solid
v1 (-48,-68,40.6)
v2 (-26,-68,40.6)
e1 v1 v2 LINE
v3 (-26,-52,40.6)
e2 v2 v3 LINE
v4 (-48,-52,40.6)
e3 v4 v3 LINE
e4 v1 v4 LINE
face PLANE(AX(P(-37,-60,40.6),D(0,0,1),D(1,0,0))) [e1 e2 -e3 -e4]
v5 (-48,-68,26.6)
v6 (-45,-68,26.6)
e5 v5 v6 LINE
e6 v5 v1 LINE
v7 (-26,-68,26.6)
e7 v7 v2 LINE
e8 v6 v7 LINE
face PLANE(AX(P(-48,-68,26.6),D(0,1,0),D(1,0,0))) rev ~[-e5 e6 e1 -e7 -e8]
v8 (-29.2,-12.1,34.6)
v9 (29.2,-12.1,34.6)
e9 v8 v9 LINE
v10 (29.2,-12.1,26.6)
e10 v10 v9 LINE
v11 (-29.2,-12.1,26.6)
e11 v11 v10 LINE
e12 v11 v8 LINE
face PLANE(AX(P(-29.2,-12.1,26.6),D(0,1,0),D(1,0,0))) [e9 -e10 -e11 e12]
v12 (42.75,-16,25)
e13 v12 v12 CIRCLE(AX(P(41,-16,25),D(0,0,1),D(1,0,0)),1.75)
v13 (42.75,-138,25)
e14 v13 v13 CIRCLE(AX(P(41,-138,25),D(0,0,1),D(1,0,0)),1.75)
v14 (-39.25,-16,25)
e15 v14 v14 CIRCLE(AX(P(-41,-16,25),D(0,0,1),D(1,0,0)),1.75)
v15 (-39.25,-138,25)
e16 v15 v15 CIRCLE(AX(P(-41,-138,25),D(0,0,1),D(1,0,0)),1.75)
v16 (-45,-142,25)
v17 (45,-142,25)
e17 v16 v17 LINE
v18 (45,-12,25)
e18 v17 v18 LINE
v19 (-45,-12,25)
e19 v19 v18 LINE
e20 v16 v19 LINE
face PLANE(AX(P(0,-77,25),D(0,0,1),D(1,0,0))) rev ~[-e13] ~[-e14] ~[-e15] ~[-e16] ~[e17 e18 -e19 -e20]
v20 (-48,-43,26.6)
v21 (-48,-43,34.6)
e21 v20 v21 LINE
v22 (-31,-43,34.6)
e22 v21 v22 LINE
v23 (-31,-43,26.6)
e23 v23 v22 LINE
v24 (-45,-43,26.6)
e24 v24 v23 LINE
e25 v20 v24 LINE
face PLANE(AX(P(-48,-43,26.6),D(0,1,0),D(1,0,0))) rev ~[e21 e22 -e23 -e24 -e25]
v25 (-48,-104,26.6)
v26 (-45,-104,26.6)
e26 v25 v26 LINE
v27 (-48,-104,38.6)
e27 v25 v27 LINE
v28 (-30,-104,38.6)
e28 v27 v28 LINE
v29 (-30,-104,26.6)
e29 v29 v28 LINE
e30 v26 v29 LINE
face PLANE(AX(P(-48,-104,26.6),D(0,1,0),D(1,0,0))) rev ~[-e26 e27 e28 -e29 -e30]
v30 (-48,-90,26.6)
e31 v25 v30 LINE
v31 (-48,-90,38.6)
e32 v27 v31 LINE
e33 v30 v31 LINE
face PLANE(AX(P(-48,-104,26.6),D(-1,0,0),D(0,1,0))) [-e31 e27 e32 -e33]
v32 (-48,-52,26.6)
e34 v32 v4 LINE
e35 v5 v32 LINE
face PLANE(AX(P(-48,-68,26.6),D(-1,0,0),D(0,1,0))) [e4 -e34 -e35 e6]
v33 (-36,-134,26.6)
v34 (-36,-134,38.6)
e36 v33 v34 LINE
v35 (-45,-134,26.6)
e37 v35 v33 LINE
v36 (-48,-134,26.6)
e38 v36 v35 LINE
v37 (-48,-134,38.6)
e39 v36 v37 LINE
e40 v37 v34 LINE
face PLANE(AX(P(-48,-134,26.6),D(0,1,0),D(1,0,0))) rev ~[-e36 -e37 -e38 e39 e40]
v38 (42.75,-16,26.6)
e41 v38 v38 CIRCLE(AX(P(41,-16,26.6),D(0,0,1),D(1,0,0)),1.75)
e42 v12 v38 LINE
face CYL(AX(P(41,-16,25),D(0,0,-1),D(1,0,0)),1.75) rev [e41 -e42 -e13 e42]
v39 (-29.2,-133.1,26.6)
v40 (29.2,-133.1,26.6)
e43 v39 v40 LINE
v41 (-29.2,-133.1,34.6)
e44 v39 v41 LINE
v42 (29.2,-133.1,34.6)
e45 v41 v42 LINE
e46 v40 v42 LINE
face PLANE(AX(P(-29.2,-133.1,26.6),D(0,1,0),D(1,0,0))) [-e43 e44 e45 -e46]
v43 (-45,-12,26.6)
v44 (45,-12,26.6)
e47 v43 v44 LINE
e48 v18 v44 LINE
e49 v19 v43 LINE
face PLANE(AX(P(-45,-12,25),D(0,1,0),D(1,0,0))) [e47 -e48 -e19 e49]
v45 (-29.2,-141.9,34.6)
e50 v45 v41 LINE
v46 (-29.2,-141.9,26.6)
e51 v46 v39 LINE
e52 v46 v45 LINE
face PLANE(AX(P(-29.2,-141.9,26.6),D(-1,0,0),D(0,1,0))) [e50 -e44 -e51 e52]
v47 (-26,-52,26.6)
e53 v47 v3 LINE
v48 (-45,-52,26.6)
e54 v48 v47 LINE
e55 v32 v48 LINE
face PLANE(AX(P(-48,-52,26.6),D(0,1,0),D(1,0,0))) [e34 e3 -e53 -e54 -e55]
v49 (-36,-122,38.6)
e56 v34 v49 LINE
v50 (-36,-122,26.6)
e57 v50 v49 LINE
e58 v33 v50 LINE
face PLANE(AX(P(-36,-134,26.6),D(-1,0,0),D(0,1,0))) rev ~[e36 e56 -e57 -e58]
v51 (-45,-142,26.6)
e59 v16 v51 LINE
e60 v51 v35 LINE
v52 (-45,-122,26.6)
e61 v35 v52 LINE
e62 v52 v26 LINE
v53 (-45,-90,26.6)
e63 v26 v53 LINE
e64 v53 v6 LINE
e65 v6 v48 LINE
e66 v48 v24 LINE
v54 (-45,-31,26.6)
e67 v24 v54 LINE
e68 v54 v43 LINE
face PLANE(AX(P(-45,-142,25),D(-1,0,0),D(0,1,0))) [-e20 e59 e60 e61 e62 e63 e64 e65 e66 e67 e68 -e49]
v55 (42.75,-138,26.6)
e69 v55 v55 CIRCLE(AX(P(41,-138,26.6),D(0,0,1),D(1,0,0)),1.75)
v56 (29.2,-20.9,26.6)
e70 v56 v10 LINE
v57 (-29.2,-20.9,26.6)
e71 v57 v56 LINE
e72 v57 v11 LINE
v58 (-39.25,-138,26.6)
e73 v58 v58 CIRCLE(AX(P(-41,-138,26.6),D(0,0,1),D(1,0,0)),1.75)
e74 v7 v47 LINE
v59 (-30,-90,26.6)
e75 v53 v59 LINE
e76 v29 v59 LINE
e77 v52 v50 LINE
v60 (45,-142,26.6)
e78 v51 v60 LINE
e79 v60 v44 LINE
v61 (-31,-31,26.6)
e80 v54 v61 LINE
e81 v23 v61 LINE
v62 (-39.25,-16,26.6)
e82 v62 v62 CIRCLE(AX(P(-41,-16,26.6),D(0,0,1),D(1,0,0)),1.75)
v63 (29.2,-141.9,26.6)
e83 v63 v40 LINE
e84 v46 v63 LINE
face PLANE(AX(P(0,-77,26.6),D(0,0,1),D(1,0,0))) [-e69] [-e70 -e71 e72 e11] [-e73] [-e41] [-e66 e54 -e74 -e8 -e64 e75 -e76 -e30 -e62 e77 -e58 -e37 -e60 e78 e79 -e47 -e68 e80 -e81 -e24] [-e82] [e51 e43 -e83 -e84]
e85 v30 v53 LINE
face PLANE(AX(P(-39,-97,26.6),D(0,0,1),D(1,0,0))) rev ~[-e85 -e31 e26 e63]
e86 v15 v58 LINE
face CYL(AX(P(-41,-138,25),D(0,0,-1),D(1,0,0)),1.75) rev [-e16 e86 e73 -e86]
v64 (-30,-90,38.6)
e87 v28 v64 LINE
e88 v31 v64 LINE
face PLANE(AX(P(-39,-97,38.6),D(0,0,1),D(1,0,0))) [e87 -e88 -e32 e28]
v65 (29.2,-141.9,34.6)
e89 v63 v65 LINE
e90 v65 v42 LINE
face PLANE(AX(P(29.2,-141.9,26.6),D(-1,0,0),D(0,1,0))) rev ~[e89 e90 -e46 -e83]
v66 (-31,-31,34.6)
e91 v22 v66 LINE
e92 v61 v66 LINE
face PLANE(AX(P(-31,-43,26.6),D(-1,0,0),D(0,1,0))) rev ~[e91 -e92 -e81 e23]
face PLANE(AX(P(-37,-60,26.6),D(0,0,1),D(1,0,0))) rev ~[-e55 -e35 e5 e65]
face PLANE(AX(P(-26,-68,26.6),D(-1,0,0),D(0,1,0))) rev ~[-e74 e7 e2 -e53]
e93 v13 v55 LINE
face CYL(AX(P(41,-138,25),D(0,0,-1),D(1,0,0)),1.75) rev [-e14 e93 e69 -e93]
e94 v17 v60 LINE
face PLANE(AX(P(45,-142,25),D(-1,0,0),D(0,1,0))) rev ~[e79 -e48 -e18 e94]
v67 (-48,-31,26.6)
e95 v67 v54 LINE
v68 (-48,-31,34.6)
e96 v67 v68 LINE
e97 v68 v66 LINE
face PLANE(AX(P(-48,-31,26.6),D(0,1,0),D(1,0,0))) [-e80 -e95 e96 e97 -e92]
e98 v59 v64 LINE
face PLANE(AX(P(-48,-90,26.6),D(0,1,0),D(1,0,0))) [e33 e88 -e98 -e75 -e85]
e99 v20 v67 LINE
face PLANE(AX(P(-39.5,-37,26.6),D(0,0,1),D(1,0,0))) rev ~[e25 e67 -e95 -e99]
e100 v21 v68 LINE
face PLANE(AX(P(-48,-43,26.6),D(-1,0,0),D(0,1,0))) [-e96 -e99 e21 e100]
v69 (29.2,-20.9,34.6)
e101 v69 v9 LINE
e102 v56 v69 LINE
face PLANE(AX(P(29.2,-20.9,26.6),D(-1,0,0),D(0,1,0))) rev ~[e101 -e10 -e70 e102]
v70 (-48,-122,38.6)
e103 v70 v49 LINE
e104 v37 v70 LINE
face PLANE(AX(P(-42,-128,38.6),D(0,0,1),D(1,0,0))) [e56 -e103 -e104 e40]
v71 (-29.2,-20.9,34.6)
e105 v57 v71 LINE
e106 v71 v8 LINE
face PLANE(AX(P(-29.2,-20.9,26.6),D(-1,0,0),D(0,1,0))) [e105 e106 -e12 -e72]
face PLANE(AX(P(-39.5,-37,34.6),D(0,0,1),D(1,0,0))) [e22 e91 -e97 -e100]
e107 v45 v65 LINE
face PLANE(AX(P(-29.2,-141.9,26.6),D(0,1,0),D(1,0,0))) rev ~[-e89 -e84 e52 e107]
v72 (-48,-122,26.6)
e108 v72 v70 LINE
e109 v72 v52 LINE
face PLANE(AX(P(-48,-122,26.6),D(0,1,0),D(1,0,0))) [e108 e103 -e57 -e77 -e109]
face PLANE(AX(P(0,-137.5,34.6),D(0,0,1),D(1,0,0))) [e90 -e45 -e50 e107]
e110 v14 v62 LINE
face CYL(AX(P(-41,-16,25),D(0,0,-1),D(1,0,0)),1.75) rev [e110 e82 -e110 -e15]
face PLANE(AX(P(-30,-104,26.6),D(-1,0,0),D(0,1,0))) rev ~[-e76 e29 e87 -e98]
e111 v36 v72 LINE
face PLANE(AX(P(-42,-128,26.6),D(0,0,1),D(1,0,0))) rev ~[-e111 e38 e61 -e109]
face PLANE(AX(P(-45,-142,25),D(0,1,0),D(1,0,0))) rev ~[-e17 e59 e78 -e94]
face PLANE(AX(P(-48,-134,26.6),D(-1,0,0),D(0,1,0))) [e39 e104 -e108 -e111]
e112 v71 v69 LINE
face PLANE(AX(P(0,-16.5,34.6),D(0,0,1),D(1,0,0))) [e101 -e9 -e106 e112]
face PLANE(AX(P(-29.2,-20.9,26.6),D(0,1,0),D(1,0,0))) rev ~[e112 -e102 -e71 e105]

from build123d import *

# Parameters (mm, degrees)
AX_PCB_FLAT_FRONT_COMPARTMENT_START        = 25
SKETCH_1_W                                 = 90
SKETCH_1_H                                 = 130
SKETCH_1_R                                 = 1.75
AX_PCB_FLAT_FRONT_COMPARTMENT_DEPTH        = 1.6
J10_FRONT_CAMERA_HEADER_START              = 26.6
SKETCH_2_W                                 = 58.4
SKETCH_2_H                                 = 8.8
J10_FRONT_CAMERA_HEADER_DEPTH              = 8
J11_REAR_IDC40_START                       = 26.6
SKETCH_3_W                                 = 58.4
SKETCH_3_H                                 = 8.8
J11_REAR_IDC40_DEPTH                       = 8
HDMI_LEFT_START                            = 26.6
SKETCH_5_W                                 = 17
SKETCH_5_H                                 = 12
HDMI_LEFT_DEPTH                            = 8
USB_HOST_LEFT_START                        = 26.6
SKETCH_6_W                                 = 18
SKETCH_6_H                                 = 14
USB_HOST_LEFT_DEPTH                        = 12
RJ45_LEFT_START                            = 26.6
SKETCH_7_W                                 = 22
SKETCH_7_H                                 = 16
RJ45_LEFT_DEPTH                            = 14
DC5521_APPROX_BODY_CLEAR_CAMERA_EDGE_START = 26.6
SKETCH_8_W                                 = 12
SKETCH_8_H                                 = 12
DC5521_APPROX_BODY_CLEAR_CAMERA_EDGE_DEPTH = 12


with BuildPart() as part:
    # 草图1 → AX_PCB_flat_front_compartment (new body)
    with BuildSketch(Plane.XY.offset(AX_PCB_FLAT_FRONT_COMPARTMENT_START)):
        with Locations((0, -77)):
            Rectangle(SKETCH_1_W, SKETCH_1_H)
        with Locations((-41, -138)):
            Circle(SKETCH_1_R, mode=Mode.SUBTRACT)
        with Locations((41, -138)):
            Circle(SKETCH_1_R, mode=Mode.SUBTRACT)
        with Locations((41, -16)):
            Circle(SKETCH_1_R, mode=Mode.SUBTRACT)
        with Locations((-41, -16)):
            Circle(SKETCH_1_R, mode=Mode.SUBTRACT)
    extrude(amount=AX_PCB_FLAT_FRONT_COMPARTMENT_DEPTH)

    # 草图2 → J10_front_camera_header (add)
    with BuildSketch(Plane.XY.offset(J10_FRONT_CAMERA_HEADER_START)):
        with Locations((0, -137.5)):
            Rectangle(SKETCH_2_W, SKETCH_2_H)
    extrude(amount=J10_FRONT_CAMERA_HEADER_DEPTH)

    # 草图3 → J11_rear_IDC40 (add)
    with BuildSketch(Plane.XY.offset(J11_REAR_IDC40_START)):
        with Locations((0, -16.5)):
            Rectangle(SKETCH_3_W, SKETCH_3_H)
    extrude(amount=J11_REAR_IDC40_DEPTH)

    # 草图5 → HDMI_left (add)
    with BuildSketch(Plane.XY.offset(HDMI_LEFT_START)):
        with Locations((-39.5, -37)):
            Rectangle(SKETCH_5_W, SKETCH_5_H)
    extrude(amount=HDMI_LEFT_DEPTH)

    # 草图6 → USB_HOST_left (add)
    with BuildSketch(Plane.XY.offset(USB_HOST_LEFT_START)):
        with Locations((-39, -97)):
            Rectangle(SKETCH_6_W, SKETCH_6_H)
    extrude(amount=USB_HOST_LEFT_DEPTH)

    # 草图7 → RJ45_left (add)
    with BuildSketch(Plane.XY.offset(RJ45_LEFT_START)):
        with Locations((-37, -60)):
            Rectangle(SKETCH_7_W, SKETCH_7_H)
    extrude(amount=RJ45_LEFT_DEPTH)

    # 草图8 → DC5521_approx_body_clear_camera_edge (add)
    with BuildSketch(Plane.XY.offset(DC5521_APPROX_BODY_CLEAR_CAMERA_EDGE_START)):
        with Locations((-42, -128)):
            Rectangle(SKETCH_8_W, SKETCH_8_H)
    extrude(amount=DC5521_APPROX_BODY_CLEAR_CAMERA_EDGE_DEPTH)


solid = part.part
